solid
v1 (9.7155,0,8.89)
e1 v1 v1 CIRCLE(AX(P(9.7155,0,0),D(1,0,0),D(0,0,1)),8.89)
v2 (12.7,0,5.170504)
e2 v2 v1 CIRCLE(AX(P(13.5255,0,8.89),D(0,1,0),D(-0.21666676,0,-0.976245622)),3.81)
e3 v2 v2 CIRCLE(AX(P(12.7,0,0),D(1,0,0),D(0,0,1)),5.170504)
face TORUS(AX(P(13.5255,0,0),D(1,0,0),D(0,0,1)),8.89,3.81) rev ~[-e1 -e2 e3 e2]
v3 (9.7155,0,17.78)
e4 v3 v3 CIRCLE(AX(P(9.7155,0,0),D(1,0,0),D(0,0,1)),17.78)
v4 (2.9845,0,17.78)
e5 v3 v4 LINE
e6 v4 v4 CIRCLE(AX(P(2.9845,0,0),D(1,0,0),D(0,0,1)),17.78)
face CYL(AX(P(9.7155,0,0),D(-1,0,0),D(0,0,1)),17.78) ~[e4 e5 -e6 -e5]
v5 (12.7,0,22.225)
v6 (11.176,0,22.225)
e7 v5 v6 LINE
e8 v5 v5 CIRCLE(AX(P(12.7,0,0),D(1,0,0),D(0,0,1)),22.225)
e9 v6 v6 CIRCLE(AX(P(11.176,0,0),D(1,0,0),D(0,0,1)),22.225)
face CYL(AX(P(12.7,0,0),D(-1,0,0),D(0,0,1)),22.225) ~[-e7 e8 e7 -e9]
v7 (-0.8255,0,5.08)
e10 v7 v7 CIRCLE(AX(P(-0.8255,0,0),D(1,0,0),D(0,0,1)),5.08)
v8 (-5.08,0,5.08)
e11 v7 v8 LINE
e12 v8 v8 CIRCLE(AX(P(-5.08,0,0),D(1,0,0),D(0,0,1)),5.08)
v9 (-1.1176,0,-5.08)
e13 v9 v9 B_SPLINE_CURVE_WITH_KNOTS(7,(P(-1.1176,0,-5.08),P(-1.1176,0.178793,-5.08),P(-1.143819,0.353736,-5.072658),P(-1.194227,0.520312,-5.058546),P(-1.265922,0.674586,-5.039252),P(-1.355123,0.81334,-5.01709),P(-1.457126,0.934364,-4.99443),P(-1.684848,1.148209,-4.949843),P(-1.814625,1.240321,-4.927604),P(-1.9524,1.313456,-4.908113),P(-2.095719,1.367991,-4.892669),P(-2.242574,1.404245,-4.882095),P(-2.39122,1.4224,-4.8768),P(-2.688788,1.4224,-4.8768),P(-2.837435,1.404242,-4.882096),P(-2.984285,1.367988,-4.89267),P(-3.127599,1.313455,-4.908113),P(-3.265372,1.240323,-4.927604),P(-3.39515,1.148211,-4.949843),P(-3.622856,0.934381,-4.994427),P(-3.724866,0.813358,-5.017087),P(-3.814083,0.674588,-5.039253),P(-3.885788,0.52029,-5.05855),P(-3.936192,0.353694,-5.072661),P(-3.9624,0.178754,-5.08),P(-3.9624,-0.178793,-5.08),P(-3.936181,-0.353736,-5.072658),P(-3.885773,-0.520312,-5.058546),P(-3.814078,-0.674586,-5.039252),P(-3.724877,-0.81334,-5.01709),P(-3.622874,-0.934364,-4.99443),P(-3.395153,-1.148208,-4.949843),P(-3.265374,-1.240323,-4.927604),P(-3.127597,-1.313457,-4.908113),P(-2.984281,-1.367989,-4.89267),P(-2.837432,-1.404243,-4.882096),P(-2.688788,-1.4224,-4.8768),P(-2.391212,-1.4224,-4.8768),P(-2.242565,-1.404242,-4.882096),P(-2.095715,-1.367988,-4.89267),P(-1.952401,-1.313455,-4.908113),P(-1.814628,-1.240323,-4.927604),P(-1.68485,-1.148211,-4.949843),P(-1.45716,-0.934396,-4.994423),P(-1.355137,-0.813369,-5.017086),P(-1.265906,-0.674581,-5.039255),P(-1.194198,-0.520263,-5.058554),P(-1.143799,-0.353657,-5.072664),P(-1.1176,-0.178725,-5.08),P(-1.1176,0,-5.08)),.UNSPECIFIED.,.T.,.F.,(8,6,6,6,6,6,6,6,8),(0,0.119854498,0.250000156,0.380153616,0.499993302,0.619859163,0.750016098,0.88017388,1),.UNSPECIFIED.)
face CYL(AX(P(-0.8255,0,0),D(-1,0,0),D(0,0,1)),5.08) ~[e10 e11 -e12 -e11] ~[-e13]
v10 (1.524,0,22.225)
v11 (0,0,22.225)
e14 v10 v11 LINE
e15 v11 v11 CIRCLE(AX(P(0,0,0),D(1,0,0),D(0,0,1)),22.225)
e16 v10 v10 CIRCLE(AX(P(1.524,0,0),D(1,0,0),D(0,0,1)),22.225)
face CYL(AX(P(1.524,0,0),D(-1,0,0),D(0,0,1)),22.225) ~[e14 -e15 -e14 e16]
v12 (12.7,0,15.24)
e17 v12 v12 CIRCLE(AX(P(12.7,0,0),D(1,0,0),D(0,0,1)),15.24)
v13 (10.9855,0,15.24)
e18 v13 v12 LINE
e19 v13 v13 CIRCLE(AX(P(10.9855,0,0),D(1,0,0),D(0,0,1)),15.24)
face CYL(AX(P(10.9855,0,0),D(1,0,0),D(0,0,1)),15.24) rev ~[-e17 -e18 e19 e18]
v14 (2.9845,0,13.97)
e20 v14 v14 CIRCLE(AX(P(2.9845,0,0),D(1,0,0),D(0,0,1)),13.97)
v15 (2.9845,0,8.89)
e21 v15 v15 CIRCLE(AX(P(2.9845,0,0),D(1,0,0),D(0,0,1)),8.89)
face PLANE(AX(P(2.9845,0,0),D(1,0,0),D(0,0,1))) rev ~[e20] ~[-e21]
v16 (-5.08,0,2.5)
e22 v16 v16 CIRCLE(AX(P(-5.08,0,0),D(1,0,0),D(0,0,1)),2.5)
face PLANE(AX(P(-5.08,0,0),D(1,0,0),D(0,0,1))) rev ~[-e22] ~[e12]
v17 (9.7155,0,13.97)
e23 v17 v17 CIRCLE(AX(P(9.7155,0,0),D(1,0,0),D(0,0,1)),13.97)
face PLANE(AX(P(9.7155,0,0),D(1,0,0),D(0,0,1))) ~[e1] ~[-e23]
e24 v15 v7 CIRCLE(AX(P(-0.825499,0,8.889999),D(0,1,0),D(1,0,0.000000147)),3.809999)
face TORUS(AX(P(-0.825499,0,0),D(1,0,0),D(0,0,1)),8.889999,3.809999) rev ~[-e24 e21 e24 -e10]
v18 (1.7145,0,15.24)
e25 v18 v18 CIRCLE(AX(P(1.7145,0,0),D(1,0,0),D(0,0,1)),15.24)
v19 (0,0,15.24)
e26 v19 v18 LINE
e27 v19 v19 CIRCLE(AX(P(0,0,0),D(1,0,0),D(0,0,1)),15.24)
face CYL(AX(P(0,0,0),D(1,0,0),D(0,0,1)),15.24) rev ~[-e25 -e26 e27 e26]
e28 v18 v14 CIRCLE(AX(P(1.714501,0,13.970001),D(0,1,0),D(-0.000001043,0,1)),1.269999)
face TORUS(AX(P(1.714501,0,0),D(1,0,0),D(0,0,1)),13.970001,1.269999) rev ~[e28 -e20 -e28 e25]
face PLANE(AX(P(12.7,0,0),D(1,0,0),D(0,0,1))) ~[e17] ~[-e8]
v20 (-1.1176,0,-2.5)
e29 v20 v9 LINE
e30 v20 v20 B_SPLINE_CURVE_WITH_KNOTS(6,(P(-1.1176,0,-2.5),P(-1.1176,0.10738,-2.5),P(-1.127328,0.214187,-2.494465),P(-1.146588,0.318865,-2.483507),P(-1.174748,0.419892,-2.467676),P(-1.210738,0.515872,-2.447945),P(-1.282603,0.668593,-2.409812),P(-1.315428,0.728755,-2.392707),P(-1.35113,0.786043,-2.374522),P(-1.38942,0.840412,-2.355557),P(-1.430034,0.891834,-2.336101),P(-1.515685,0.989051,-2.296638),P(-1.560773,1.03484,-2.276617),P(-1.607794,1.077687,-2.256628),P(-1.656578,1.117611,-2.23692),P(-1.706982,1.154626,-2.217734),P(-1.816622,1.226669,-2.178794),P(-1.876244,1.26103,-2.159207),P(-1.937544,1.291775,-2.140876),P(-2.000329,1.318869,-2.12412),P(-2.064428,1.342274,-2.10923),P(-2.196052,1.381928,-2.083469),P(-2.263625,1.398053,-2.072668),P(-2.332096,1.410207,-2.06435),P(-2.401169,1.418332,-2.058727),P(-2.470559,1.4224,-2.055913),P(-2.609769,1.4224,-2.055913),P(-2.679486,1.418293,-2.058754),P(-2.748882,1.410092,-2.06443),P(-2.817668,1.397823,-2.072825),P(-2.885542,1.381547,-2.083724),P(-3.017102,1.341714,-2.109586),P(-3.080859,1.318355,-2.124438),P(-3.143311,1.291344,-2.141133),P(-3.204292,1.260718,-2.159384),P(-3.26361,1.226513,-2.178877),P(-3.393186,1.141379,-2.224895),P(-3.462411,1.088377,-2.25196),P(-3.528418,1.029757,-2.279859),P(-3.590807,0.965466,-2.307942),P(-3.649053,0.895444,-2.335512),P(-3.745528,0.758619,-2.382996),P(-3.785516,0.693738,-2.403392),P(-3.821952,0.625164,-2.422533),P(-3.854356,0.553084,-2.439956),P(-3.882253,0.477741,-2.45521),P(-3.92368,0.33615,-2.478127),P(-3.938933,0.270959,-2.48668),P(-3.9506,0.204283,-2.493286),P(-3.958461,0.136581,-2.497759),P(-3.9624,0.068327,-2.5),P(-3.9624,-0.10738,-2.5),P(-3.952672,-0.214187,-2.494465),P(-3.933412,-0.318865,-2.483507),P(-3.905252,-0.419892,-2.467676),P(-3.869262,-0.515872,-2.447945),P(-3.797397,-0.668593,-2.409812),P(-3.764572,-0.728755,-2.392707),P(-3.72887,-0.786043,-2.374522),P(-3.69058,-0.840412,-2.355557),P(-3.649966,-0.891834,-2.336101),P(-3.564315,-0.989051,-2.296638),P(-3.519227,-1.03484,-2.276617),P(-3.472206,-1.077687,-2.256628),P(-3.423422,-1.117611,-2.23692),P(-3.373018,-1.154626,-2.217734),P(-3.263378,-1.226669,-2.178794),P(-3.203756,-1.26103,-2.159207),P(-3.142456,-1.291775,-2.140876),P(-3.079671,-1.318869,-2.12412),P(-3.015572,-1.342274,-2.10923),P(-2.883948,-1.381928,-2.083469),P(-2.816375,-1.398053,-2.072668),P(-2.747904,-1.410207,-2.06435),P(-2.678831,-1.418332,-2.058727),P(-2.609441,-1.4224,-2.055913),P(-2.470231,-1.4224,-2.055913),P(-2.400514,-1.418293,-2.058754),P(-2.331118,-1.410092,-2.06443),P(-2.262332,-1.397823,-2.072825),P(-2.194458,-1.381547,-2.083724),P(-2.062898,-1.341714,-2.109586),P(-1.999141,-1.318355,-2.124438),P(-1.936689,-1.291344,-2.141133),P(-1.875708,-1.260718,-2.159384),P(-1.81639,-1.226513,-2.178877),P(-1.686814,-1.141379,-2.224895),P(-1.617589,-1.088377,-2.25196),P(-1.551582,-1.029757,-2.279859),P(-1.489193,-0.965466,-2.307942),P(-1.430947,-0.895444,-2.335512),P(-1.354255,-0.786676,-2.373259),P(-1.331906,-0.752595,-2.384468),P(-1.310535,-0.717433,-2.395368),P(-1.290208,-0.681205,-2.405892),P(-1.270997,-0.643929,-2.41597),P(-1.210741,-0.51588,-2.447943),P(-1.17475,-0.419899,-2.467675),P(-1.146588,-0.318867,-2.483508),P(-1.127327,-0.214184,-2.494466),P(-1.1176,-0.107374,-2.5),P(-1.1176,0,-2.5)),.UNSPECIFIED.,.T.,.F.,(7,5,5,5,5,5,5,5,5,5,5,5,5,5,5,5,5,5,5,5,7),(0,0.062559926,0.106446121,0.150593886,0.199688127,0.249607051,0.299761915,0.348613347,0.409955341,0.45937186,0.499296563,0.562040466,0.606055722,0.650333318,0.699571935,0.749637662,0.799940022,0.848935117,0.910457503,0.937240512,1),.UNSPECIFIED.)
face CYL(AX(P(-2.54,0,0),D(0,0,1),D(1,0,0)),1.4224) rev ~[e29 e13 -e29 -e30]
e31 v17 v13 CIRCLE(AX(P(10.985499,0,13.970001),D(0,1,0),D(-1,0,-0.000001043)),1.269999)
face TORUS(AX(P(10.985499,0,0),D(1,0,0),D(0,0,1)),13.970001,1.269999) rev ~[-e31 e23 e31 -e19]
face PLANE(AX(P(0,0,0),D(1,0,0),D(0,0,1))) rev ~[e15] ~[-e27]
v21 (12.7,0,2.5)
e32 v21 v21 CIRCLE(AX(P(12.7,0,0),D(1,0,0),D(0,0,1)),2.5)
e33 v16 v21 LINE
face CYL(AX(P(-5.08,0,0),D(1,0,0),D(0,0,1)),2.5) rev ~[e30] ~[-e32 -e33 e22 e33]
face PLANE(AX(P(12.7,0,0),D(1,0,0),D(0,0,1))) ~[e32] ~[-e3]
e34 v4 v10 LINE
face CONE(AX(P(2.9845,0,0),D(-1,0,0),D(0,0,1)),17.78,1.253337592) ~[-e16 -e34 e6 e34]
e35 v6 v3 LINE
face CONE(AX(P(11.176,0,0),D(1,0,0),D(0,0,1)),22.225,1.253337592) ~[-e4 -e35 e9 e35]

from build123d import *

# Parameters (mm, degrees)
F2_R     = 1.4224
F3_DEPTH = 25.4


with BuildPart() as f1:
    # F0 (on Front) → F1 (revolve)
    with BuildSketch(Plane.XZ):
        with BuildLine():
            Line((1.524, 22.225), (0, 22.225))
            Line((0, 22.225), (0, 15.24))
            Line((0, 15.24), (1.7145, 15.24))
            ThreePointArc((1.7145, 15.24), (2.612526, 14.868026), (2.9845, 13.97))
            Line((2.9845, 13.97), (2.9845, 8.89))
            ThreePointArc((2.9845, 8.89), (1.868577, 6.195923), (-0.8255, 5.08))
            Line((-0.8255, 5.08), (-5.08, 5.08))
            Line((-5.08, 5.08), (-5.08, 2.5))
            Line((-5.08, 2.5), (6.35, 2.5))
            Line((6.35, 2.5), (12.7, 2.5))
            Line((12.7, 2.5), (12.7, 5.08))
            Line((12.7, 5.08), (12.7, 5.170504))
            ThreePointArc((12.7, 5.170504), (10.553863, 6.505577), (9.7155, 8.89))
            Line((9.7155, 8.89), (9.7155, 13.97))
            ThreePointArc((9.7155, 13.97), (10.087474, 14.868026), (10.9855, 15.24))
            Line((10.9855, 15.24), (12.7, 15.24))
            Line((12.7, 15.24), (12.7, 22.225))
            Line((12.7, 22.225), (11.176, 22.225))
            Line((11.176, 22.225), (9.7155, 17.78))
            Line((9.7155, 17.78), (6.35, 17.78))
            Line((6.35, 17.78), (2.9845, 17.78))
            Line((2.9845, 17.78), (1.524, 22.225))
        make_face()
    revolve(axis=Axis((5.396675, 0, 0), (1, 0, 0)))

    # F2 (on Top) → F3 (cut)
    with BuildSketch(Plane.XY):
        with Locations((-2.54, 0)):
            Circle(F2_R)
    extrude(amount=-F3_DEPTH, mode=Mode.SUBTRACT)


solid = f1.part
